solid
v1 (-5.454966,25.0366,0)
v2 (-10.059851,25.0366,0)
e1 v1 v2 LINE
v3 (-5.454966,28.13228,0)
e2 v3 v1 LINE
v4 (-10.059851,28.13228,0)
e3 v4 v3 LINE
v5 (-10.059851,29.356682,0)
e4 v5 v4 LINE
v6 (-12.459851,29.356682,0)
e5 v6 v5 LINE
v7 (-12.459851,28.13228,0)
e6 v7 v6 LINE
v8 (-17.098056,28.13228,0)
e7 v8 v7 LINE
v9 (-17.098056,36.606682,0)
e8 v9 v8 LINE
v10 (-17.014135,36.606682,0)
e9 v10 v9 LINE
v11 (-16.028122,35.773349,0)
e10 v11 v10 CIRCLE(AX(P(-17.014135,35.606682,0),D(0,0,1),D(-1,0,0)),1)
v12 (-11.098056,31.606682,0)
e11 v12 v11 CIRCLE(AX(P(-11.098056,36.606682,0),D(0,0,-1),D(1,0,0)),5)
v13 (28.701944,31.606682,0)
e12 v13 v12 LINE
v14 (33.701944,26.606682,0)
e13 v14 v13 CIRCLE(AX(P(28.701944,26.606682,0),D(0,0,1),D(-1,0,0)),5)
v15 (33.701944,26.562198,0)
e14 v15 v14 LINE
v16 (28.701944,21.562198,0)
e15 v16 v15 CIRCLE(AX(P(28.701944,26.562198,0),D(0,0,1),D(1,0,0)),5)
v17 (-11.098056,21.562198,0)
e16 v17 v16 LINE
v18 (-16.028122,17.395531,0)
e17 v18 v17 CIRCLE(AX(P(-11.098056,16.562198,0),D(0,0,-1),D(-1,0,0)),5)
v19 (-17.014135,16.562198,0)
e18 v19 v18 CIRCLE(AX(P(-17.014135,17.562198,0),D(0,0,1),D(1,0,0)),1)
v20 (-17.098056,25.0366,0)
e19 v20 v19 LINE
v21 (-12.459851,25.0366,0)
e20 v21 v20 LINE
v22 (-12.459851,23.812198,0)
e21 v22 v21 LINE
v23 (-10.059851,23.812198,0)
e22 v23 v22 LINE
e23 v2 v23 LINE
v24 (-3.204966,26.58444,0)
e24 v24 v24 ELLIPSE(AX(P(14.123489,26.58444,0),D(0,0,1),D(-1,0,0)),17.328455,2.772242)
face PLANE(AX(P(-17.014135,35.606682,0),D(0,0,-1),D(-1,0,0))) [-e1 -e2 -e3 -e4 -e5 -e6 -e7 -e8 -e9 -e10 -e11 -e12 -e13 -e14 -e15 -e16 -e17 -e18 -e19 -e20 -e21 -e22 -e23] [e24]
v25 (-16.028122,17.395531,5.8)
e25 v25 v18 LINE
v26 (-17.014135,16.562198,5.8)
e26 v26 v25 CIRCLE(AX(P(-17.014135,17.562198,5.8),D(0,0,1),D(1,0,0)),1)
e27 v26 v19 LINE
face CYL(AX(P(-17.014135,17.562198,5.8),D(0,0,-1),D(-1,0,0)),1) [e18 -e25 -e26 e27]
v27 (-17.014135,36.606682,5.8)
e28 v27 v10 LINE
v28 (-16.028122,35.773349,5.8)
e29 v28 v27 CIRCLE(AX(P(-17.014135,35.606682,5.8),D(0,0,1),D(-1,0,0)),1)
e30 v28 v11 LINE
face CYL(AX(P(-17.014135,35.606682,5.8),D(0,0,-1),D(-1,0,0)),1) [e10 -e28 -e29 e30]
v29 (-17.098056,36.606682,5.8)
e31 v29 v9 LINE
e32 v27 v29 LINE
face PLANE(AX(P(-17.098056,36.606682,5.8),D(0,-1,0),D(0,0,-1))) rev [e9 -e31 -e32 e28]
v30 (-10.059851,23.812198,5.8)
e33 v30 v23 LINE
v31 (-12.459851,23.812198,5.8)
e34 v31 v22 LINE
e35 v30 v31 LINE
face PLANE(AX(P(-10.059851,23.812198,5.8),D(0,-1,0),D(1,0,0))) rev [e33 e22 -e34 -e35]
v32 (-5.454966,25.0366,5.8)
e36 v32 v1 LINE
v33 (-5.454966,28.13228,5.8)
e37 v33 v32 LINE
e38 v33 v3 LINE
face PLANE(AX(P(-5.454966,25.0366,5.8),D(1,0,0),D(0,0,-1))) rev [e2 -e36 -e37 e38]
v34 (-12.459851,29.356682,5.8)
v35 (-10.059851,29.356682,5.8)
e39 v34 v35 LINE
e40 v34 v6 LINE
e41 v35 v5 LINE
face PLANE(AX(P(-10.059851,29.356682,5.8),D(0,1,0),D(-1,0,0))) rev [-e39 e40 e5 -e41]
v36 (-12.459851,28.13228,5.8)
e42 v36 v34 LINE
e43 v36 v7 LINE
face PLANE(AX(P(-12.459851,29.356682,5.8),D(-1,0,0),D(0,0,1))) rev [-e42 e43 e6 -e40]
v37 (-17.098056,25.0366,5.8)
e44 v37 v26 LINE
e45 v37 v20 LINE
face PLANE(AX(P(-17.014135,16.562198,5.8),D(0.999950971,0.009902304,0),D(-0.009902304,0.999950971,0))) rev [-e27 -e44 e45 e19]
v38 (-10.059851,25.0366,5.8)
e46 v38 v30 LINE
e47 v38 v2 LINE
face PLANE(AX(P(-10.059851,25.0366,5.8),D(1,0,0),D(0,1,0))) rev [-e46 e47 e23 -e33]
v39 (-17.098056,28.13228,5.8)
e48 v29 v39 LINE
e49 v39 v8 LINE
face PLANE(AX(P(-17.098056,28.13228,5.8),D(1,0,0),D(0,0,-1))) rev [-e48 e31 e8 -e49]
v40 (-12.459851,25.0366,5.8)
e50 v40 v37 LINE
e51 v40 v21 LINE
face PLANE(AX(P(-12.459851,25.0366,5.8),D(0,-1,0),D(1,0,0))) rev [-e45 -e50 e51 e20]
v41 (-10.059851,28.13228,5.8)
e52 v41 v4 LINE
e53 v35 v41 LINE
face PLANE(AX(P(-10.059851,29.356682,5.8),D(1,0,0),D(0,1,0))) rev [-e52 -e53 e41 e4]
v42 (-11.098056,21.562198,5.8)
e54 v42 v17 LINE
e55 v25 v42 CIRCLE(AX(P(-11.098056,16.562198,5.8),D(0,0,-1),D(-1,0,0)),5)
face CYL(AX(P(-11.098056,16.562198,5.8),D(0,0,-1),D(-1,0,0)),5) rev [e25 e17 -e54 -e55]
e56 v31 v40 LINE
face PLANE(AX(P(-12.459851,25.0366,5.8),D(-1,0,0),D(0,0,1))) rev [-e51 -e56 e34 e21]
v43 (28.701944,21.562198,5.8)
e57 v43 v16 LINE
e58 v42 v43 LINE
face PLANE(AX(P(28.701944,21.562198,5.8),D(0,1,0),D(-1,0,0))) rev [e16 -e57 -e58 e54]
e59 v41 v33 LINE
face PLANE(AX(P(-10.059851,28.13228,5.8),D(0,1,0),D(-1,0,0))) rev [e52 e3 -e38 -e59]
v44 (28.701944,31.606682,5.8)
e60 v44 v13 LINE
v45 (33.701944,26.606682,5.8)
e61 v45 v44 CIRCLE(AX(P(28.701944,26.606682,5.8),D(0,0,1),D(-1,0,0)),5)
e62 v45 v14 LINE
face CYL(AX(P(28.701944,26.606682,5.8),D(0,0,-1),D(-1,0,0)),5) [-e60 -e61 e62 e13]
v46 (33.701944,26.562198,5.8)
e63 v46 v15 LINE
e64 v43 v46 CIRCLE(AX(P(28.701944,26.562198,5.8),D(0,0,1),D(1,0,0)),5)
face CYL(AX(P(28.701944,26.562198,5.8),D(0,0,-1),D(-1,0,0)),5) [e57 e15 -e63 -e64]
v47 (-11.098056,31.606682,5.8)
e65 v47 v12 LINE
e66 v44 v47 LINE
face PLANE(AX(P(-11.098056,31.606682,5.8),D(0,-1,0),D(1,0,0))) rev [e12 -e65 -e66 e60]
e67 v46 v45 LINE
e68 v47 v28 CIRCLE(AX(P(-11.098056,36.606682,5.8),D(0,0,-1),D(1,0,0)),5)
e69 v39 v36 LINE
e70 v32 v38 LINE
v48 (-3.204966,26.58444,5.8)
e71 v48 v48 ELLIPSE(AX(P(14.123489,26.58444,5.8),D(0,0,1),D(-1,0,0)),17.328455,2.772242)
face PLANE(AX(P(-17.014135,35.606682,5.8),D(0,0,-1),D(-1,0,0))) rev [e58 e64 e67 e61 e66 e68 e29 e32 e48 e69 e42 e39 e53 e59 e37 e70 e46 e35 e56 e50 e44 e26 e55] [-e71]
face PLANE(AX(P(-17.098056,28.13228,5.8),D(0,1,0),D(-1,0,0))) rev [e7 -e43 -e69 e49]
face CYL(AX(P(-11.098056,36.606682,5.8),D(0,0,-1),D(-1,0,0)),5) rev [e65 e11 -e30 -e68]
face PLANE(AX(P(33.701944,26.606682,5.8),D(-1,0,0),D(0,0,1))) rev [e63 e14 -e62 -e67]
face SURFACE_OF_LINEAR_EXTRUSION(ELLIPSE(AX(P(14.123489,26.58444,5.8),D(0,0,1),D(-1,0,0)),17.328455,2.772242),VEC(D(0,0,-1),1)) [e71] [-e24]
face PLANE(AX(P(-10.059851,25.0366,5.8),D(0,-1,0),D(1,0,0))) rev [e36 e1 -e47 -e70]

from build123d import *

# Parameters (mm, degrees)
SKETCH1_RX          = 17.328454948
SKETCH1_RY          = 2.772242018
BOSS_EXTRUDE1_DEPTH = 5.8


with BuildPart() as part:
    # Sketch1 → Boss-Extrude1 (new body)
    with BuildSketch(Plane.XY):
        with BuildLine():
            Line((-10.059850626, 29.356682147), (-12.459850626, 29.356682147))
            Line((-12.459850626, 29.356682147), (-12.459850626, 28.132280135))
            Line((-12.459850626, 28.132280135), (-17.098055654, 28.132280135))
            Line((-17.098055654, 28.132280135), (-17.098055654, 36.606682147))
            Line((-17.098055654, 36.606682147), (-17.014135437, 36.606682147))
            ThreePointArc((-17.014135437, 36.606682147), (-16.368638213, 36.370444763), (-16.02812214, 35.773348814))
            ThreePointArc((-16.02812214, 35.773348814), (-14.325541776, 32.787869068), (-11.098055654, 31.606682147))
            Line((-11.098055654, 31.606682147), (28.701944346, 31.606682147))
            ThreePointArc((28.701944346, 31.606682147), (32.237478252, 30.142216053), (33.701944346, 26.606682147))
            Line((33.701944346, 26.606682147), (33.701944346, 26.562198111))
            ThreePointArc((33.701944346, 26.562198111), (32.237478252, 23.026664205), (28.701944346, 21.562198111))
            Line((28.701944346, 21.562198111), (-11.098055654, 21.562198111))
            ThreePointArc((-11.098055654, 21.562198111), (-14.325541776, 20.38101119), (-16.02812214, 17.395531445))
            ThreePointArc((-16.02812214, 17.395531445), (-16.368638213, 16.798435495), (-17.014135437, 16.562198111))
            Line((-17.014135437, 16.562198111), (-17.098055654, 25.036600123))
            Line((-17.098055654, 25.036600123), (-12.459850626, 25.036600123))
            Line((-12.459850626, 25.036600123), (-12.459850626, 23.812198111))
            Line((-12.459850626, 23.812198111), (-10.059850626, 23.812198111))
            Line((-10.059850626, 23.812198111), (-10.059850626, 25.036600123))
            Line((-10.059850626, 25.036600123), (-5.45496555, 25.036600123))
            Line((-5.45496555, 25.036600123), (-5.45496555, 28.132280135))
            Line((-5.45496555, 28.132280135), (-10.059850626, 28.132280135))
            Line((-10.059850626, 28.132280135), (-10.059850626, 29.356682147))
        make_face()
        with Locations(Location((14.123489398, 26.584440129), (0, 0, -180))):
            Ellipse(SKETCH1_RX, SKETCH1_RY, mode=Mode.SUBTRACT)
    extrude(amount=BOSS_EXTRUDE1_DEPTH)


solid = part.part
